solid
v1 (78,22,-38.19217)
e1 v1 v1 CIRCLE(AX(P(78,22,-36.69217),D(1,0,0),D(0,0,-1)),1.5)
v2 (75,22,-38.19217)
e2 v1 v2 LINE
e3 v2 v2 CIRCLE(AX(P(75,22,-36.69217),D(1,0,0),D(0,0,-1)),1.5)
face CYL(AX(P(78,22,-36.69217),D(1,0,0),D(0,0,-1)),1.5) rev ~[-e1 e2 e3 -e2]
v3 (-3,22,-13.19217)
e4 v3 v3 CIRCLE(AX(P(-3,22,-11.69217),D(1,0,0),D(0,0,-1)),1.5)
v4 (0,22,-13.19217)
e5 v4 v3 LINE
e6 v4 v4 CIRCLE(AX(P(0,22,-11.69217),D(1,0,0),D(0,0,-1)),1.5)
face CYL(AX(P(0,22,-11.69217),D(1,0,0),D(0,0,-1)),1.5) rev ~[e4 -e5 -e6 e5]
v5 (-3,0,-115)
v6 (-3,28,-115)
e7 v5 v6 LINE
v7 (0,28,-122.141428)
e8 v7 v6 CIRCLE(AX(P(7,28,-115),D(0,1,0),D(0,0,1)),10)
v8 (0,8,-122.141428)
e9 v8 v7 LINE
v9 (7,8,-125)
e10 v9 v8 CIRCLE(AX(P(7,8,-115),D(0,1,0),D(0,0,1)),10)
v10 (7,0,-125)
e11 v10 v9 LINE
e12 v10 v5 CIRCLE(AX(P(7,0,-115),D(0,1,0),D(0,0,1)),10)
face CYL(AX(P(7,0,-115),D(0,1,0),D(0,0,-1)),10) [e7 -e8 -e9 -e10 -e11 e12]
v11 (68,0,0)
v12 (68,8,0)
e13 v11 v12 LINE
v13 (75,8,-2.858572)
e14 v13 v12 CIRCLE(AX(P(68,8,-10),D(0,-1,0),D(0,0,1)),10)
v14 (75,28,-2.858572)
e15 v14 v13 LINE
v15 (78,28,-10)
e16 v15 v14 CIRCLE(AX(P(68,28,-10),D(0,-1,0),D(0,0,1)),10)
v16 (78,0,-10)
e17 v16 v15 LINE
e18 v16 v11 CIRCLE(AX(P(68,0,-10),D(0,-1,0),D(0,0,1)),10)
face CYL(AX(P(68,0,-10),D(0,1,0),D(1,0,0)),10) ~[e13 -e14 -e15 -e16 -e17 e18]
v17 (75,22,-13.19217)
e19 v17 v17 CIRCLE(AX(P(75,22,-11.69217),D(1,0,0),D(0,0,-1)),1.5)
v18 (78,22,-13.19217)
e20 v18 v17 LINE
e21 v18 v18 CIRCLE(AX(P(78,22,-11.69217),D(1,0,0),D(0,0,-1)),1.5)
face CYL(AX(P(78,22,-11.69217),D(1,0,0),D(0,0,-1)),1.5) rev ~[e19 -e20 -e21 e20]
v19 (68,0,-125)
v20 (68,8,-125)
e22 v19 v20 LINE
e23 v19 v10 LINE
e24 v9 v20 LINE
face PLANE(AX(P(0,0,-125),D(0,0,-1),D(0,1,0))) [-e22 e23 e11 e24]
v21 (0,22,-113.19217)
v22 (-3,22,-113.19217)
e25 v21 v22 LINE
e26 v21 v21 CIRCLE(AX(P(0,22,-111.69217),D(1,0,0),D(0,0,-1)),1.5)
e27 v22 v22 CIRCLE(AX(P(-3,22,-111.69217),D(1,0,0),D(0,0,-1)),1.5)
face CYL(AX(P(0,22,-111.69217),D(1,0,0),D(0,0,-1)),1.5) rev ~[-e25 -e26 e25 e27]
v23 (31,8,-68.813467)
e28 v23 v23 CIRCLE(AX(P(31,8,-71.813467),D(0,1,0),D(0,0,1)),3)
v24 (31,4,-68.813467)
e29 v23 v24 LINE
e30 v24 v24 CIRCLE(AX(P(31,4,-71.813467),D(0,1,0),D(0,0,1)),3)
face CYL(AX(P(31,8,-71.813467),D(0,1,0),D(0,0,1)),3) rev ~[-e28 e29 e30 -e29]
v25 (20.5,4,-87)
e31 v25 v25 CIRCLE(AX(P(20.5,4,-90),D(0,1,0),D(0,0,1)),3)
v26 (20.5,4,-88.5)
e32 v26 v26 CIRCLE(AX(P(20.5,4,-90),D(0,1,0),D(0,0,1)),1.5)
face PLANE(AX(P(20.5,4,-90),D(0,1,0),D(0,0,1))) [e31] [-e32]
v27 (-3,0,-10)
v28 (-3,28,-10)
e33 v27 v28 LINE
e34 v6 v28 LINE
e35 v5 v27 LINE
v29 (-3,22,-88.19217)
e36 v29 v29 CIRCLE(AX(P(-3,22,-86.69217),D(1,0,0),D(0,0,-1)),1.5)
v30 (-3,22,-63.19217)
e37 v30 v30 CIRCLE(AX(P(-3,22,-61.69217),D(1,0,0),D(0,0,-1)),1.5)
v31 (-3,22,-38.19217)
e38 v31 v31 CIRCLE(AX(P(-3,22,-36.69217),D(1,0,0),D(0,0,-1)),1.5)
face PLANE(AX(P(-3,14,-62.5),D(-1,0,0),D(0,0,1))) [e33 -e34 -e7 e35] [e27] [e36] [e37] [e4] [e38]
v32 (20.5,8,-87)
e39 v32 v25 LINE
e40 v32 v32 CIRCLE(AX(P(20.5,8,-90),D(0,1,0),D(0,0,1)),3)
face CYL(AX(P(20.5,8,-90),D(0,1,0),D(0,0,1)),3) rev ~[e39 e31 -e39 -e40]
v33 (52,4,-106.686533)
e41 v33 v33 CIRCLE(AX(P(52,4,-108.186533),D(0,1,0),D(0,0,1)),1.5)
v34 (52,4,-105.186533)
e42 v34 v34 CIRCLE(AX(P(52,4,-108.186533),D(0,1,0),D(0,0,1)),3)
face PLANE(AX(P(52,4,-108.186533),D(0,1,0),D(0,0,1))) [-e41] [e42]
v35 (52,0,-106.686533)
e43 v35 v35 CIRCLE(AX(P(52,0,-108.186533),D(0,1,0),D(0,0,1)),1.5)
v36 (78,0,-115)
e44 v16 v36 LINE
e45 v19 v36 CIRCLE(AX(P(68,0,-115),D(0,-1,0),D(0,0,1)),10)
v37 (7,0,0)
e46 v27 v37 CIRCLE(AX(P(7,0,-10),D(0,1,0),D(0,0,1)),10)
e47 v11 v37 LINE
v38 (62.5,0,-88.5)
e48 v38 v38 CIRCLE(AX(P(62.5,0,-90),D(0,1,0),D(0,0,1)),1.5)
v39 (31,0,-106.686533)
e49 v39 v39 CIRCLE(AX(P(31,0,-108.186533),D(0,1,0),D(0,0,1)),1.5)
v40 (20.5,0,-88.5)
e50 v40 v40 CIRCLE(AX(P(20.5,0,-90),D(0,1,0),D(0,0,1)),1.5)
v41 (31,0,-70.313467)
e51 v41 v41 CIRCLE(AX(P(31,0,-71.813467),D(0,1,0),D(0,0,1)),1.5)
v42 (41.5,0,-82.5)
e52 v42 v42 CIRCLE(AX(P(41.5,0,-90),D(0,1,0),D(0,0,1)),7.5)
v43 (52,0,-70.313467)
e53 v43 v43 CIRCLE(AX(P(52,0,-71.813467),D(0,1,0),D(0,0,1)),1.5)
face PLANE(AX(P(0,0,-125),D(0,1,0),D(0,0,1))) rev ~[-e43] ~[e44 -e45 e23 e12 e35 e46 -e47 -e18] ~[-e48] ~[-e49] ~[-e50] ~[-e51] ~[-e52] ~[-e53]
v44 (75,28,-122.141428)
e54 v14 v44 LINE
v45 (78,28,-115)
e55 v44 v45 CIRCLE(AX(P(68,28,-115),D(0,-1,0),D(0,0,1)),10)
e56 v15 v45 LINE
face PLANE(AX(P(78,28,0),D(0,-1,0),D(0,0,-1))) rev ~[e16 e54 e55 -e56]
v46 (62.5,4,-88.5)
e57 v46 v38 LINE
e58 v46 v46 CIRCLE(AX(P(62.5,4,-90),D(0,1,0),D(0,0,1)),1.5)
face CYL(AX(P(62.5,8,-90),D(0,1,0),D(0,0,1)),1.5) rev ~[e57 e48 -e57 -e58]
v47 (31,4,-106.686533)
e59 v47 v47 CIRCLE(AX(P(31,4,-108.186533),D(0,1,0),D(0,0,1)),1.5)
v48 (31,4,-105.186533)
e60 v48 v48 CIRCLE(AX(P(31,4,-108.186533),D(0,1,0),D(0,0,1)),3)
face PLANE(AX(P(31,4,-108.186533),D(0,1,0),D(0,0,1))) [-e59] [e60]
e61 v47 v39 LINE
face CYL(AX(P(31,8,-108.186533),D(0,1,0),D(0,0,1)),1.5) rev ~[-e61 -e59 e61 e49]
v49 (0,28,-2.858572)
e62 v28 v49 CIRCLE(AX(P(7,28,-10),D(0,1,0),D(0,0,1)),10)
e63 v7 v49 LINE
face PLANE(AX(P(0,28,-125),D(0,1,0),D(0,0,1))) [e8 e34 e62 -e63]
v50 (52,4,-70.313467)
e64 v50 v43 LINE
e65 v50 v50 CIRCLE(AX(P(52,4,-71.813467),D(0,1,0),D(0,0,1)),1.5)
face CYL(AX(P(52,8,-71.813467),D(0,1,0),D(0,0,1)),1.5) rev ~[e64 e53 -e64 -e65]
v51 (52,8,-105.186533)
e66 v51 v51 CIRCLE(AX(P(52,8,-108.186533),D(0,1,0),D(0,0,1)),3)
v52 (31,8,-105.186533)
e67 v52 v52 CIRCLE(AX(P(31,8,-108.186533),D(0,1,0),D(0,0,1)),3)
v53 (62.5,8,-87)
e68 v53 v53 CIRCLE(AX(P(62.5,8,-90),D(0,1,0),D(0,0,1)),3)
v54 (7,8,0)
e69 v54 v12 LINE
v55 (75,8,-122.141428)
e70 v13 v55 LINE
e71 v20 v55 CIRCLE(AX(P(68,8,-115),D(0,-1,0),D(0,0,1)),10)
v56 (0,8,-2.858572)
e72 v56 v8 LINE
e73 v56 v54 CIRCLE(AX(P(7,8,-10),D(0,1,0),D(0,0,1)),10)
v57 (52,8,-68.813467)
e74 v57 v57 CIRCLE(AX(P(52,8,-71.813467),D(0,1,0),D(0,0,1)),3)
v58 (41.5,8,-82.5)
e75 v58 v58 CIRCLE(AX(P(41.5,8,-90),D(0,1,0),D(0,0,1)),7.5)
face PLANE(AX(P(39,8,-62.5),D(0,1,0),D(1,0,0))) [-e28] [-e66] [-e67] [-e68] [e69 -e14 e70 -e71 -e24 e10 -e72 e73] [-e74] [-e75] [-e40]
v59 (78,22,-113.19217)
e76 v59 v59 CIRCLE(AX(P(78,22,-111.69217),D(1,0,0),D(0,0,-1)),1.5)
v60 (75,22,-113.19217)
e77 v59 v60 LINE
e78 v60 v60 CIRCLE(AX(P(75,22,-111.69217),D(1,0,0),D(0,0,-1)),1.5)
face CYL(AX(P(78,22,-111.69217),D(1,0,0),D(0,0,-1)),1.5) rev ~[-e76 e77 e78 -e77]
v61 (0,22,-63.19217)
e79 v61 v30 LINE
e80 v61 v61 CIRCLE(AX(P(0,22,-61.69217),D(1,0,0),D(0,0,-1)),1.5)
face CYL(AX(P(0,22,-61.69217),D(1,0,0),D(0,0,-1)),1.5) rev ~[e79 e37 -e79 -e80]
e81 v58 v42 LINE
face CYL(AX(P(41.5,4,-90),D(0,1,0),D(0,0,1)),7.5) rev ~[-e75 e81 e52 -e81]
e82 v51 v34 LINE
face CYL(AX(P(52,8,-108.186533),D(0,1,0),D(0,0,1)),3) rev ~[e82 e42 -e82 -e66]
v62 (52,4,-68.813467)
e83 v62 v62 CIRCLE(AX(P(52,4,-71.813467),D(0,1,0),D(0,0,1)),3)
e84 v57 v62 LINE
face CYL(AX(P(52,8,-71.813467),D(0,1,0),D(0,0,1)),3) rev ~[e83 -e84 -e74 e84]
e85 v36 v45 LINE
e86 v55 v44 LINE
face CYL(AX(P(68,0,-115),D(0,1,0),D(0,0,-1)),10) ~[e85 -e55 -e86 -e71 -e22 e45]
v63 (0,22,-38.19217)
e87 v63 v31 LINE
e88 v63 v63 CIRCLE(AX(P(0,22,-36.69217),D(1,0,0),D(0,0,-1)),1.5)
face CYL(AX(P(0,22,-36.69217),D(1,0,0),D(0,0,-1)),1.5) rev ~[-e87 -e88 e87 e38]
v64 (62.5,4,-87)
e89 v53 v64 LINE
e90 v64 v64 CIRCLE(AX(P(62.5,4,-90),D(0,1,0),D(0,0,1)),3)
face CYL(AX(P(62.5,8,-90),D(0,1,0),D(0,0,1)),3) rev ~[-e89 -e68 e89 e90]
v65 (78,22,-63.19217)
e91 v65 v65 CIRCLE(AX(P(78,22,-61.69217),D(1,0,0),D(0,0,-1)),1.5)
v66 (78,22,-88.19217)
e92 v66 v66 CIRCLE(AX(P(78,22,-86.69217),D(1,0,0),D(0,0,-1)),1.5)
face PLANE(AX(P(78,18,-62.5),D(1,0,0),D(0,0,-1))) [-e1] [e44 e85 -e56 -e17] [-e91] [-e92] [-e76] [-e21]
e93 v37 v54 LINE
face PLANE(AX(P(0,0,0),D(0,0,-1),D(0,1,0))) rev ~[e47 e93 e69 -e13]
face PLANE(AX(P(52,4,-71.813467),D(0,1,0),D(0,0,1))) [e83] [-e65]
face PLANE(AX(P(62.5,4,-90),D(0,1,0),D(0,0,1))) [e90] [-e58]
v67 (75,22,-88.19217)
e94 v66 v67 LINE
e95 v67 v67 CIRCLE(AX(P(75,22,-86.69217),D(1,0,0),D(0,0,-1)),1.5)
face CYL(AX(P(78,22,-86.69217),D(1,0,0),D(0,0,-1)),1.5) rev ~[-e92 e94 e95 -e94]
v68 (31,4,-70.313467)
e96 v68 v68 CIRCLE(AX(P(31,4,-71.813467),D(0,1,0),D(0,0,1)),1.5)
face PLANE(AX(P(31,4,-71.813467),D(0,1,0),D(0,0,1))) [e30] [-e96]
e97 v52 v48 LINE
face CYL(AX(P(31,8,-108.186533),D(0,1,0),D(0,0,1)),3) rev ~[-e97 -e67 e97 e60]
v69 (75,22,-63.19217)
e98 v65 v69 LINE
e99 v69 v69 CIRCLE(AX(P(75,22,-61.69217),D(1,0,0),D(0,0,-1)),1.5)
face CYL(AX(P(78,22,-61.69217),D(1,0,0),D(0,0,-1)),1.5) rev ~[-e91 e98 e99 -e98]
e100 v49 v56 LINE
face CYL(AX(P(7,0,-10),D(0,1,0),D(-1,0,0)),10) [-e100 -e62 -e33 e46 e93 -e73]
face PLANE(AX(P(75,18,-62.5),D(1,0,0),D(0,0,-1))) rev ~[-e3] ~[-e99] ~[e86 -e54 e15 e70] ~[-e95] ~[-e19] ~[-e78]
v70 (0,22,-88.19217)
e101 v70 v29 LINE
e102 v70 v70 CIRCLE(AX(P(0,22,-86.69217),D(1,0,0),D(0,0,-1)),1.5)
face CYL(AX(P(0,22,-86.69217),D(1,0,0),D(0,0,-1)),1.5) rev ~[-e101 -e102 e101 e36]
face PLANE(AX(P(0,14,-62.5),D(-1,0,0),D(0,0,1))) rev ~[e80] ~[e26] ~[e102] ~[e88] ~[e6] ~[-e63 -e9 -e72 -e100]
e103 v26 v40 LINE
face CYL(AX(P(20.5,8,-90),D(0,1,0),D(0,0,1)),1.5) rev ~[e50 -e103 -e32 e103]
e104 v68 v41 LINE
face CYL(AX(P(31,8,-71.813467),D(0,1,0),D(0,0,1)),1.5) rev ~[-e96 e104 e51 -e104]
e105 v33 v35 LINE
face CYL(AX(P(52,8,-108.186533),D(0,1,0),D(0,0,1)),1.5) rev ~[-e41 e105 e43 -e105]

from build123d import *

# Parameters (mm, degrees)
SKETCH1_W           = 78
SKETCH1_H           = 125
BOSS_EXTRUDE1_DEPTH = 8
SKETCH2_R           = 7.5
SKETCH2_R_2         = 3
CUT_EXTRUDE1_DEPTH  = 4
SKETCH3_R           = 7.5
CUT_EXTRUDE2_DEPTH  = 148.39402973
SKETCH4_W           = 125
SKETCH4_H           = 20
SKETCH4_R           = 1.5
BOSS_EXTRUDE2_DEPTH = 3
SKETCH5_R           = 1.5
CUT_EXTRUDE3_DEPTH  = 149.690954668
SKETCH8_W           = 125
SKETCH8_H           = 28
BOSS_EXTRUDE3_DEPTH = 3
SKETCH9_R           = 1.5
CUT_EXTRUDE5_DEPTH  = 150.976664852
FILLET2_R           = 10


with BuildPart() as part:
    # Sketch1 → Boss-Extrude1 (new body)
    with BuildSketch(Plane(origin=(0, 0, 0), x_dir=(1, 0, 0), z_dir=(0, 1, 0))):
        with Locations((39, 62.5)):
            Rectangle(SKETCH1_W, SKETCH1_H)
    extrude(amount=BOSS_EXTRUDE1_DEPTH)

    # Sketch2 → Cut-Extrude1 (cut)
    with BuildSketch(Plane(origin=(0, 8, 0), x_dir=(-1, 0, 0), z_dir=(0, 1, 0))):
        with Locations(Location((-41.5, -90, 0), (0, 0, 90))):
            Circle(SKETCH2_R)
        with Locations(Location((-62.5, -90, 0), (0, 0, 90))):
            Circle(SKETCH2_R_2)
        with Locations(Location((-52, -71.813466521, 0), (0, 0, 90))):
            Circle(SKETCH2_R_2)
        with Locations(Location((-31, -71.813466521, 0), (0, 0, 90))):
            Circle(SKETCH2_R_2)
        with Locations(Location((-20.5, -90, 0), (0, 0, 90))):
            Circle(SKETCH2_R_2)
        with Locations(Location((-31, -108.186533479, 0), (0, 0, 90))):
            Circle(SKETCH2_R_2)
        with Locations(Location((-52, -108.186533479, 0), (0, 0, 90))):
            Circle(SKETCH2_R_2)
    extrude(amount=-CUT_EXTRUDE1_DEPTH, mode=Mode.SUBTRACT)

    # Sketch3 → Cut-Extrude2 (cut, through all)
    with BuildSketch(Plane(origin=(0, 4, 0), x_dir=(1, 0, 0), z_dir=(0, 1, 0))):
        with Locations(Location((41.5, 90, 0), (0, 0, 270))):
            Circle(SKETCH3_R)
    extrude(amount=-CUT_EXTRUDE2_DEPTH, mode=Mode.SUBTRACT)

    # Sketch4 → Boss-Extrude2 (add)
    with BuildSketch(Plane(origin=(78, 0, 0), x_dir=(0, 0, -1), z_dir=(1, 0, 0))):
        with Locations((62.5, 18)):
            Rectangle(SKETCH4_W, SKETCH4_H)
        with Locations((11.692170277, 22)):
            Circle(SKETCH4_R, mode=Mode.SUBTRACT)
        with Locations((36.692170277, 22)):
            Circle(SKETCH4_R, mode=Mode.SUBTRACT)
        with Locations((61.692170277, 22)):
            Circle(SKETCH4_R, mode=Mode.SUBTRACT)
        with Locations((86.692170277, 22)):
            Circle(SKETCH4_R, mode=Mode.SUBTRACT)
        with Locations((111.692170277, 22)):
            Circle(SKETCH4_R, mode=Mode.SUBTRACT)
    extrude(amount=-BOSS_EXTRUDE2_DEPTH)

    # Sketch5 → Cut-Extrude3 (cut, through all)
    with BuildSketch(Plane(origin=(0, 8, 0), x_dir=(-1, 0, 0), z_dir=(0, 1, 0))):
        with Locations(Location((-62.5, -90, 0), (0, 0, 90))):
            Circle(SKETCH5_R)
        with Locations(Location((-52, -71.813466521, 0), (0, 0, 90))):
            Circle(SKETCH5_R)
        with Locations(Location((-31, -71.813466521, 0), (0, 0, 90))):
            Circle(SKETCH5_R)
        with Locations(Location((-20.5, -90, 0), (0, 0, 90))):
            Circle(SKETCH5_R)
        with Locations(Location((-31, -108.186533479, 0), (0, 0, 90))):
            Circle(SKETCH5_R)
        with Locations(Location((-52, -108.186533479, 0), (0, 0, 90))):
            Circle(SKETCH5_R)
    extrude(amount=-CUT_EXTRUDE3_DEPTH, mode=Mode.SUBTRACT)

    # Sketch8 → Boss-Extrude3 (add)
    with BuildSketch(Plane.ZY):
        with Locations((-62.5, 14)):
            Rectangle(SKETCH8_W, SKETCH8_H)
    extrude(amount=BOSS_EXTRUDE3_DEPTH)

    # Sketch9 → Cut-Extrude5 (cut, through all)
    with BuildSketch(Plane(origin=(0, 0, 0), x_dir=(0, 0, -1), z_dir=(1, 0, 0))):
        with Locations((11.692170277, 22)):
            Circle(SKETCH9_R)
        with Locations((36.692170277, 22)):
            Circle(SKETCH9_R)
        with Locations((61.692170277, 22)):
            Circle(SKETCH9_R)
        with Locations((86.692170277, 22)):
            Circle(SKETCH9_R)
        with Locations((111.692170277, 22)):
            Circle(SKETCH9_R)
    extrude(amount=-CUT_EXTRUDE5_DEPTH, mode=Mode.SUBTRACT)

    # Fillet2
    fillet2_edges = [part.edges().sort_by_distance(p)[0] for p in [
        (-3, 14, -125),
        (78, 14, -125),
        (78, 14, 0),
        (-3, 14, 0),
    ]]
    fillet(fillet2_edges, radius=FILLET2_R)


solid = part.part
